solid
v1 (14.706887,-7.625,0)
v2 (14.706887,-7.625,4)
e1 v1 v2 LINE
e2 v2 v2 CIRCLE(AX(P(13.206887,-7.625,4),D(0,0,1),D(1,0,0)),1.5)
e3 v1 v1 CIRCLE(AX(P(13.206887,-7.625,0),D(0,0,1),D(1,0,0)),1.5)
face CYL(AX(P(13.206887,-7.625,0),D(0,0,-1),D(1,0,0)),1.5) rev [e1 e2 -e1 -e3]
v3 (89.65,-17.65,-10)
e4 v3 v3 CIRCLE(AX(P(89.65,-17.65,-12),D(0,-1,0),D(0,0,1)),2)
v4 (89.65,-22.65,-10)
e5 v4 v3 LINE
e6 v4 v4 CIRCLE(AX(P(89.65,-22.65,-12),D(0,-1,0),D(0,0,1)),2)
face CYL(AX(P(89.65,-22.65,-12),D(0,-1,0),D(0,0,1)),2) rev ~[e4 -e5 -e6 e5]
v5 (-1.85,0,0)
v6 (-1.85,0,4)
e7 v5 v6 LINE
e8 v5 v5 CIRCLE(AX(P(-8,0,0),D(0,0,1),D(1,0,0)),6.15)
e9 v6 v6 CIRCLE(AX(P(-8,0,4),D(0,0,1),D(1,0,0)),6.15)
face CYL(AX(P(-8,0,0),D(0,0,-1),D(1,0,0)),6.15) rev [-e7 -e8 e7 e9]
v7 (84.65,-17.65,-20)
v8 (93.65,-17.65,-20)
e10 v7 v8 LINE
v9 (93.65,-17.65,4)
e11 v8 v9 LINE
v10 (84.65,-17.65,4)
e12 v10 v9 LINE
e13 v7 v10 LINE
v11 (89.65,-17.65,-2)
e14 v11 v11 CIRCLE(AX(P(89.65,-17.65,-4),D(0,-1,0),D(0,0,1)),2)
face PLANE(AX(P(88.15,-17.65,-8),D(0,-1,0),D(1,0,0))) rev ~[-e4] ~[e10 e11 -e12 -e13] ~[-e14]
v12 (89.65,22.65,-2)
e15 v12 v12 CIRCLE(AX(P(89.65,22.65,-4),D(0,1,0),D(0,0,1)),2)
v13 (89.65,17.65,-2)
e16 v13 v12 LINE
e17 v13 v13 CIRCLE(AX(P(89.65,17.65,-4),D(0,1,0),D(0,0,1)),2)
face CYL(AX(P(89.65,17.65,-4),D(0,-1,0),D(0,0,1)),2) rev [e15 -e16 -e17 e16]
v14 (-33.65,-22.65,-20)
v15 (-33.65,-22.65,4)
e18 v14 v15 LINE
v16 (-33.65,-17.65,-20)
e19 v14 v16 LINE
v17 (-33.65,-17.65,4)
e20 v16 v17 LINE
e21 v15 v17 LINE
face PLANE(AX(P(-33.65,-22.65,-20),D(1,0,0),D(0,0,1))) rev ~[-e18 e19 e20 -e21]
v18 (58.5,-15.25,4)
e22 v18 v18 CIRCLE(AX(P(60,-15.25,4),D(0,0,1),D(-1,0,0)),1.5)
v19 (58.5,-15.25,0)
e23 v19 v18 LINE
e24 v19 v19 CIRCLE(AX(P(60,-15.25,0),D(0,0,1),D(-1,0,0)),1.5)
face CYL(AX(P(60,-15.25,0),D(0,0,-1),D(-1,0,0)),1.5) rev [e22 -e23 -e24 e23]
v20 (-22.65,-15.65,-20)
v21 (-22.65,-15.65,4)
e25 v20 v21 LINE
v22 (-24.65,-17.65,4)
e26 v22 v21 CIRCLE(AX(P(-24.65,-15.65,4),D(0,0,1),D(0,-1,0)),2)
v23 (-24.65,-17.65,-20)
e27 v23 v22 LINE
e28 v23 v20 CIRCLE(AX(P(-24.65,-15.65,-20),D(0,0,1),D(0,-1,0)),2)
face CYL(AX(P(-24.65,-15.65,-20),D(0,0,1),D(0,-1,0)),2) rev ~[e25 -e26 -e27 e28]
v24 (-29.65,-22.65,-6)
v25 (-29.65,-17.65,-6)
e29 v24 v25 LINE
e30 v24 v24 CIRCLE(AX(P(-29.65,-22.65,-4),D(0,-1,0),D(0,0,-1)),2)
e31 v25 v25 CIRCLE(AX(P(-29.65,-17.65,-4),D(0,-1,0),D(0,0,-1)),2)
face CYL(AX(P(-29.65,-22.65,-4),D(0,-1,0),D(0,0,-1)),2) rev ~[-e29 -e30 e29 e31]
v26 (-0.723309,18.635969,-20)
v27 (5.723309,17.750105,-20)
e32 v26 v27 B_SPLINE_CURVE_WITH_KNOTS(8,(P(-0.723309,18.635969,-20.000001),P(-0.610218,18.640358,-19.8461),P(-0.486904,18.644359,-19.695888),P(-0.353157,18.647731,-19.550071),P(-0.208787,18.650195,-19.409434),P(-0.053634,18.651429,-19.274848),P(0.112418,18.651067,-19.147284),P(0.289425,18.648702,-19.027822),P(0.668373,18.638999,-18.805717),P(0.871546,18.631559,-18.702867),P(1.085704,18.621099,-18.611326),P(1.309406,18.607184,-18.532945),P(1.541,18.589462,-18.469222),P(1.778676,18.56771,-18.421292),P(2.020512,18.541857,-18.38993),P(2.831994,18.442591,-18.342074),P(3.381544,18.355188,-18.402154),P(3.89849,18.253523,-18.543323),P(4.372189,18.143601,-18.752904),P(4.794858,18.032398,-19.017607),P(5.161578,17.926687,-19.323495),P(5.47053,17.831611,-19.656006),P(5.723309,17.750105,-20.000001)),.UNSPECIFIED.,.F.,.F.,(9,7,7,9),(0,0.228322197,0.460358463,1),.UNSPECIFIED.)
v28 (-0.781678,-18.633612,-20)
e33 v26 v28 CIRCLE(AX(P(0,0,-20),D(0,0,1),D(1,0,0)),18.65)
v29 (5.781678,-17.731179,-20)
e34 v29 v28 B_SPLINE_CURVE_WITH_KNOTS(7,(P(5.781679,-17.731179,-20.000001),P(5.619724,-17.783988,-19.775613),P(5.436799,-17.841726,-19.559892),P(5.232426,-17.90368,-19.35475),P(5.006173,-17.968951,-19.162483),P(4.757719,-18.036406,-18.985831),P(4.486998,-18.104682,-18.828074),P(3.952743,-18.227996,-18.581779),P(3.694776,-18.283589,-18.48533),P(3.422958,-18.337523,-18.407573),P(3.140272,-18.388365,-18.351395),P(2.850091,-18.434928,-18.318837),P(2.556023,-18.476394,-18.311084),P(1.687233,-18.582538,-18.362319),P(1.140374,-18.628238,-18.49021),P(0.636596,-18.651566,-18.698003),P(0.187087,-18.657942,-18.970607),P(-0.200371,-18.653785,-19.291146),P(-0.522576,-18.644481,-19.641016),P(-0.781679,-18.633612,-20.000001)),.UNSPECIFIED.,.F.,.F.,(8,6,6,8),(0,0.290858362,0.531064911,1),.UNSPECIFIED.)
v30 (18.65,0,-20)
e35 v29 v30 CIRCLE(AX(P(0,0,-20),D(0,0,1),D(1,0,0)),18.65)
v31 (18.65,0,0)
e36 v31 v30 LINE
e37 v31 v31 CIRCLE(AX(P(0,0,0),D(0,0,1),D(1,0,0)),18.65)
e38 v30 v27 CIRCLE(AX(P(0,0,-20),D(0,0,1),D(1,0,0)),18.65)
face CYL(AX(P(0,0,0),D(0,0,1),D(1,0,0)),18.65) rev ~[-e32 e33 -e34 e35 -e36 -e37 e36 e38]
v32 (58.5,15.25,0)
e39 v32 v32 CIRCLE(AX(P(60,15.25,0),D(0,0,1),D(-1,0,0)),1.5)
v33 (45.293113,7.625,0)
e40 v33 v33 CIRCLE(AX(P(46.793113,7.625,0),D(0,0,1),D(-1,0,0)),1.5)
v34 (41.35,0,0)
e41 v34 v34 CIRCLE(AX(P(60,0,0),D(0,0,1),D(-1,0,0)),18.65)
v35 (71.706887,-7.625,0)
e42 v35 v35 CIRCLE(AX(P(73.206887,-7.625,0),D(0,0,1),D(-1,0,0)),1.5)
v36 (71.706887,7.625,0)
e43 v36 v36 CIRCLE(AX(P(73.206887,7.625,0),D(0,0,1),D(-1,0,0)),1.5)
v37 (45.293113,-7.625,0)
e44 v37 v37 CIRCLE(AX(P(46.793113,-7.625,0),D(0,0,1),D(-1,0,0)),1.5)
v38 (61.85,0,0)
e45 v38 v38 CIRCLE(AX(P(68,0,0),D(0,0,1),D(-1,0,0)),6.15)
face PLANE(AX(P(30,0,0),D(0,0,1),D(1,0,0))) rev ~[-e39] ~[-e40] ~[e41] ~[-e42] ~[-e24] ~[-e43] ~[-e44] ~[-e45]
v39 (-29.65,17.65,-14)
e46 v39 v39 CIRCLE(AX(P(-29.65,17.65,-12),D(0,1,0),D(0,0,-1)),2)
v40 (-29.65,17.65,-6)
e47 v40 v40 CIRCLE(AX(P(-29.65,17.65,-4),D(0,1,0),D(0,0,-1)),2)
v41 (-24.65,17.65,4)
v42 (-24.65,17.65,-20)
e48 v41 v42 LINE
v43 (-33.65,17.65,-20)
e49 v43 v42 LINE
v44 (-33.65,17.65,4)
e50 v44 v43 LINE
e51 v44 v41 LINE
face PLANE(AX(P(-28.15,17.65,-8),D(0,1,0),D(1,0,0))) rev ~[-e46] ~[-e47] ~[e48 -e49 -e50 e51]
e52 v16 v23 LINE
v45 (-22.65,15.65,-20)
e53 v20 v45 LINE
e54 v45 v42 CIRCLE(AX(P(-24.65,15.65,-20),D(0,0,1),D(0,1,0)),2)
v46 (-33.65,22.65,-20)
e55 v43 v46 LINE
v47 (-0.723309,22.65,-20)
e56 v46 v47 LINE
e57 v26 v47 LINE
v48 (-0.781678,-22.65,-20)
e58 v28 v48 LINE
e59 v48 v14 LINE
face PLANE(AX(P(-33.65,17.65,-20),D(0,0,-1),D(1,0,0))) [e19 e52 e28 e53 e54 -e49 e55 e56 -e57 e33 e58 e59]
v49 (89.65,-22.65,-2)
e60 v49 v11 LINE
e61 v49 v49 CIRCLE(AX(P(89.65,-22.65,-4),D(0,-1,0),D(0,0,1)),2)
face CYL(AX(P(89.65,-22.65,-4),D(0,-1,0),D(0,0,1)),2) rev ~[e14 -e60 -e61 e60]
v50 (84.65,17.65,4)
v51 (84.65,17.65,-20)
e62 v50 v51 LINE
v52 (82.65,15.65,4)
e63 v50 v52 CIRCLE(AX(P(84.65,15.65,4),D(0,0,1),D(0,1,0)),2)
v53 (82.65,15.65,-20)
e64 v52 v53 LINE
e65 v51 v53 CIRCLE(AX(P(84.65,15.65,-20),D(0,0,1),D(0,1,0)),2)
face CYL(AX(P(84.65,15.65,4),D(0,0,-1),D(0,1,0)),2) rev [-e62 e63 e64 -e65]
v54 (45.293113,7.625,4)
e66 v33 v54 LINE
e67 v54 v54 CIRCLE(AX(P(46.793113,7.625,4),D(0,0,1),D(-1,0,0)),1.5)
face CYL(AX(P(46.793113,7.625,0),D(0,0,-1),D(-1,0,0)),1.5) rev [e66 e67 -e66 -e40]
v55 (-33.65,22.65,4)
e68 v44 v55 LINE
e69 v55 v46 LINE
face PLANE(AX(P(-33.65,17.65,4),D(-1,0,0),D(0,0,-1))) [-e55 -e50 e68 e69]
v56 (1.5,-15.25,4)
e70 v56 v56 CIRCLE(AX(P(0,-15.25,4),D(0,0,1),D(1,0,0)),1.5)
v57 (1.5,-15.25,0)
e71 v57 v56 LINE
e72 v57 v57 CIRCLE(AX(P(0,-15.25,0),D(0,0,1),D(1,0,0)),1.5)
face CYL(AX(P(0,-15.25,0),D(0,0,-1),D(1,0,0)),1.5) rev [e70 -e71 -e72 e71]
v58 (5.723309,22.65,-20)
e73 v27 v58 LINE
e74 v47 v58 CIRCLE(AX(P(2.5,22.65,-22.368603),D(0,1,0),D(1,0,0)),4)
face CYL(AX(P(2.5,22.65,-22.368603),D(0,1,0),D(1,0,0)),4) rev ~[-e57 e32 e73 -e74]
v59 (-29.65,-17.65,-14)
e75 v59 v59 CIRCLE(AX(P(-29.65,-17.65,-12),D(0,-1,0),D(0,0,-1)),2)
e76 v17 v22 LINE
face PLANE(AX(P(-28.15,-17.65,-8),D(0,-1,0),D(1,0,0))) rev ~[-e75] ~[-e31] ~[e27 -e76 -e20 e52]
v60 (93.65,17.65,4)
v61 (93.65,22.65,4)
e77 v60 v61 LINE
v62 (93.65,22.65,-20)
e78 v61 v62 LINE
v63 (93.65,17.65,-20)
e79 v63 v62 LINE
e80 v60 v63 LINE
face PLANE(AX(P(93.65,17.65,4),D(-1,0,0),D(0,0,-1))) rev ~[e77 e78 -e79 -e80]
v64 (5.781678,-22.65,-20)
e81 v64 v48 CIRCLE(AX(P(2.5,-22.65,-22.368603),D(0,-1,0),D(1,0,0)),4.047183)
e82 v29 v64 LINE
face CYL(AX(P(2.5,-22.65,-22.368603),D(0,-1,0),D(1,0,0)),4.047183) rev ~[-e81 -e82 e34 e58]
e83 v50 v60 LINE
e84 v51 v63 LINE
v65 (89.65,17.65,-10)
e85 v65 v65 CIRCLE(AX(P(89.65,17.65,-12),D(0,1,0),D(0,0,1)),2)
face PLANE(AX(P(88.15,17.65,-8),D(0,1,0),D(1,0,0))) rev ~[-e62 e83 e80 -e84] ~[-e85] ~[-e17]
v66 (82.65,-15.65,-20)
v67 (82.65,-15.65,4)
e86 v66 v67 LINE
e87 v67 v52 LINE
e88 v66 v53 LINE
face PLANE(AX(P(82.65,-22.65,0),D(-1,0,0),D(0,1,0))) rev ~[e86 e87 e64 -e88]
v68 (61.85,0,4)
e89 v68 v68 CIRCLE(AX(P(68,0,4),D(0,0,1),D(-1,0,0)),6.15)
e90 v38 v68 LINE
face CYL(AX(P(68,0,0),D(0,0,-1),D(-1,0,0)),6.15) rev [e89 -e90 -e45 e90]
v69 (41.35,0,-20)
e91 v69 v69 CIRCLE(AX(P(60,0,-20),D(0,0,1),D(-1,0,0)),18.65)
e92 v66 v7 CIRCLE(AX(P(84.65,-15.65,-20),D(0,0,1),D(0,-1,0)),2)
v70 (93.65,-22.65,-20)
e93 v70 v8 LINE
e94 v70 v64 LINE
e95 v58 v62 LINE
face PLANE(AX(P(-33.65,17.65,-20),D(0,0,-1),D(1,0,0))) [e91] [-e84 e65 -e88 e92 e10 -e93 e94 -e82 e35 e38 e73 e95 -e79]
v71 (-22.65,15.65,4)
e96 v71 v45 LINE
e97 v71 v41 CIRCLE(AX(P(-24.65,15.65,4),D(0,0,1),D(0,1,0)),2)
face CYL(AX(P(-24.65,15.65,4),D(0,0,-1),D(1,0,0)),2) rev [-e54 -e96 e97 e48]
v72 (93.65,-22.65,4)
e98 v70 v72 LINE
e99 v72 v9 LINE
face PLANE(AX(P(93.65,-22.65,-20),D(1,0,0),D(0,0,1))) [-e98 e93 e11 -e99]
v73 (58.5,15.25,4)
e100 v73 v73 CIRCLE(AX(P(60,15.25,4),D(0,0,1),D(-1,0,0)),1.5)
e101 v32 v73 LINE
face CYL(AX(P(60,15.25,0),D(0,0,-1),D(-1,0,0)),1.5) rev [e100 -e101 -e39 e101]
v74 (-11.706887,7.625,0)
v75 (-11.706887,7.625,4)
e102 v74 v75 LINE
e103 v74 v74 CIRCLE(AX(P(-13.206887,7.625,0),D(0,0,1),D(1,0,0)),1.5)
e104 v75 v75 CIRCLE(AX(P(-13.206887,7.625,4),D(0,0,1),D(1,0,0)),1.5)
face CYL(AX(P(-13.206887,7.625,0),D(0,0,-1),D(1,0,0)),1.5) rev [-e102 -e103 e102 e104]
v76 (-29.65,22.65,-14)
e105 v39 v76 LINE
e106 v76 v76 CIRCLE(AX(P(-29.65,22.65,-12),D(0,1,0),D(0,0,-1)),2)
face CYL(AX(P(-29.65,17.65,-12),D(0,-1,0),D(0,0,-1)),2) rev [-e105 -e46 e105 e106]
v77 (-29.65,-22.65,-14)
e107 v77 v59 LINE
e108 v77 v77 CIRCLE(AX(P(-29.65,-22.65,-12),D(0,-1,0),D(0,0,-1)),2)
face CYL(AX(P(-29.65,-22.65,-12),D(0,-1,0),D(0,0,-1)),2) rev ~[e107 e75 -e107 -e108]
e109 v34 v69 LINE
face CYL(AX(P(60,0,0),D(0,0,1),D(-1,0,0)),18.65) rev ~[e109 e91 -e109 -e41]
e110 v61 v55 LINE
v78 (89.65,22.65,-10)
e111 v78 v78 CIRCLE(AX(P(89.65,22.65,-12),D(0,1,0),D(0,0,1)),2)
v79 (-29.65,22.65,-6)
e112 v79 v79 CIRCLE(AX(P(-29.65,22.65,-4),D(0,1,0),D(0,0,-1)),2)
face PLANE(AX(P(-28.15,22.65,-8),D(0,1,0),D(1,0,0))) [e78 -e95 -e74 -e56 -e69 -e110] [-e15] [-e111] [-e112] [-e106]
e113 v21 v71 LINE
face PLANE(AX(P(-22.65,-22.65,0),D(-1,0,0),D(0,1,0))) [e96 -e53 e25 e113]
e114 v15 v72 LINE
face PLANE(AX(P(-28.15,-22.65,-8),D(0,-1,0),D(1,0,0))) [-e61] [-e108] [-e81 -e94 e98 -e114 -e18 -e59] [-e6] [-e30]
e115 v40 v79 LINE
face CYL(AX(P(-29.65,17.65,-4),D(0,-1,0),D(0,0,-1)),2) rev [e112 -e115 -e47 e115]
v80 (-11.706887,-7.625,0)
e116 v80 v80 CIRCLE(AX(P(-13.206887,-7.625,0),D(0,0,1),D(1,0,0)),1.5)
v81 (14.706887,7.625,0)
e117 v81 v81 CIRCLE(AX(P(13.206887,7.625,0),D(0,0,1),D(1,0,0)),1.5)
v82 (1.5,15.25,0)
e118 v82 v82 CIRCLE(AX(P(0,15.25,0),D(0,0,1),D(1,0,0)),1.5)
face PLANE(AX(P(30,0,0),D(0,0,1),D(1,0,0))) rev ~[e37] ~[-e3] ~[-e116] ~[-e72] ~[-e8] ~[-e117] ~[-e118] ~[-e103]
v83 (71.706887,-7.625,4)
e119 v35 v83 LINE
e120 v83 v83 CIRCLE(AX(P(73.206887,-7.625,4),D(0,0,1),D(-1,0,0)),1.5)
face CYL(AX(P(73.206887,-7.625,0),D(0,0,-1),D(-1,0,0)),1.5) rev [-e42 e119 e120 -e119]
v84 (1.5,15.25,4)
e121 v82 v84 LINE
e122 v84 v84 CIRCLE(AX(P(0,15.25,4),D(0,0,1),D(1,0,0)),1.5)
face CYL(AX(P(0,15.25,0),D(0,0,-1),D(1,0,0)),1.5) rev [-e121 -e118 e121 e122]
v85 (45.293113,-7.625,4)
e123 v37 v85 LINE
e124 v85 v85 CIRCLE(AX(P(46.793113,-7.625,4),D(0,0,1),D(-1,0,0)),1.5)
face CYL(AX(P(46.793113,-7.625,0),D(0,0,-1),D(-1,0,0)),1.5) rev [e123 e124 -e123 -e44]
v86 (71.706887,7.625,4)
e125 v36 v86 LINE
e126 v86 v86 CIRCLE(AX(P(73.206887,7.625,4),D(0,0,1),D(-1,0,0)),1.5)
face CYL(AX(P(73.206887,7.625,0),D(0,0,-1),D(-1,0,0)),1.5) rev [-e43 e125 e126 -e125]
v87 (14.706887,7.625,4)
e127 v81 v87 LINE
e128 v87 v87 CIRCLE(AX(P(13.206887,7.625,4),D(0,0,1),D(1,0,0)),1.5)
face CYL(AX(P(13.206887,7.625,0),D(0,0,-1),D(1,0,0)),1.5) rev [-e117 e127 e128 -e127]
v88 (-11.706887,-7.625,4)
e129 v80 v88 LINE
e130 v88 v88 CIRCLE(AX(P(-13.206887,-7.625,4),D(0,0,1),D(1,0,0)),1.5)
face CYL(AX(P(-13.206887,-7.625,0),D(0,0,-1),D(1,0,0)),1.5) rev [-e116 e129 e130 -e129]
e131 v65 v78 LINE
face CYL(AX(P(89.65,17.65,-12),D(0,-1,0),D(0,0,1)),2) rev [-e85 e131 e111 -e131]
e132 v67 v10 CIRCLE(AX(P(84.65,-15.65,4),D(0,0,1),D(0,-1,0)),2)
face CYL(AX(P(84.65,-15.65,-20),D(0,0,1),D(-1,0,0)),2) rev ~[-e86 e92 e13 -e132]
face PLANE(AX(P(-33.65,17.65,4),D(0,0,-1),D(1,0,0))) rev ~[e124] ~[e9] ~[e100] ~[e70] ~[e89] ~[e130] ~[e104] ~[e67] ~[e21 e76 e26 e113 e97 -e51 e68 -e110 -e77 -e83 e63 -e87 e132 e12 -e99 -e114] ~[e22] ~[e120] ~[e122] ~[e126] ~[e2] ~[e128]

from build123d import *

# Parameters (mm, degrees)
SKETCH1_W           = 105.3
SKETCH1_H           = 45.3
SKETCH1_R           = 18.65
BOSS_EXTRUDE1_DEPTH = 20
SKETCH2_W           = 105.3
SKETCH2_H           = 45.3
SKETCH2_R           = 6.15
SKETCH2_R_2         = 1.5
BOSS_EXTRUDE2_DEPTH = 4
SKETCH3_W           = 11
SKETCH3_H           = 24
SKETCH3_R           = 2
BOSS_EXTRUDE3_DEPTH = 5
FILLET1_R           = 2
BOSS_EXTRUDE4_START = -5
SKETCH4_W           = 11
SKETCH4_H           = 24
SKETCH4_R           = 2
BOSS_EXTRUDE4_DEPTH = 5
FILLET2_R           = 2
SKETCH6_R           = 4
CUT_EXTRUDE1_DEPTH  = 20
SKETCH7_R           = 4.047183171
CUT_EXTRUDE2_DEPTH  = 20
SKETCH8_R           = 4
CUT_EXTRUDE3_DEPTH  = 20


with BuildPart() as part:
    # Sketch1 → Boss-Extrude1 (new body)
    with BuildSketch(Plane.XY):
        with Locations((30, 0)):
            Rectangle(SKETCH1_W, SKETCH1_H)
        Circle(SKETCH1_R, mode=Mode.SUBTRACT)
        with Locations(Location((60, 0, 0), (0, 0, 180))):
            Circle(SKETCH1_R, mode=Mode.SUBTRACT)
    extrude(amount=-BOSS_EXTRUDE1_DEPTH)

    # Sketch2 → Boss-Extrude2 (add)
    with BuildSketch(Plane.XY):
        with Locations((30, 0)):
            Rectangle(SKETCH2_W, SKETCH2_H)
        with Locations((-8, 0)):
            Circle(SKETCH2_R, mode=Mode.SUBTRACT)
        with Locations((0, 15.25)):
            Circle(SKETCH2_R_2, mode=Mode.SUBTRACT)
        with Locations((13.206887408, 7.625)):
            Circle(SKETCH2_R_2, mode=Mode.SUBTRACT)
        with Locations((13.206887408, -7.625)):
            Circle(SKETCH2_R_2, mode=Mode.SUBTRACT)
        with Locations((0, -15.25)):
            Circle(SKETCH2_R_2, mode=Mode.SUBTRACT)
        with Locations((-13.206887408, -7.625)):
            Circle(SKETCH2_R_2, mode=Mode.SUBTRACT)
        with Locations((-13.206887408, 7.625)):
            Circle(SKETCH2_R_2, mode=Mode.SUBTRACT)
        with Locations(Location((73.206887408, -7.625, 0), (0, 0, 180))):
            Circle(SKETCH2_R_2, mode=Mode.SUBTRACT)
        with Locations(Location((60, -15.25, 0), (0, 0, 180))):
            Circle(SKETCH2_R_2, mode=Mode.SUBTRACT)
        with Locations(Location((46.793112592, -7.625, 0), (0, 0, 180))):
            Circle(SKETCH2_R_2, mode=Mode.SUBTRACT)
        with Locations(Location((46.793112592, 7.625, 0), (0, 0, 180))):
            Circle(SKETCH2_R_2, mode=Mode.SUBTRACT)
        with Locations(Location((60, 15.25, 0), (0, 0, 180))):
            Circle(SKETCH2_R_2, mode=Mode.SUBTRACT)
        with Locations(Location((73.206887408, 7.625, 0), (0, 0, 180))):
            Circle(SKETCH2_R_2, mode=Mode.SUBTRACT)
        with Locations(Location((68, 0, 0), (0, 0, 180))):
            Circle(SKETCH2_R, mode=Mode.SUBTRACT)
    extrude(amount=BOSS_EXTRUDE2_DEPTH)

    # Sketch3 → Boss-Extrude3 (add)
    # profile 1 of 2: a face of its own
    with BuildSketch(Plane.XZ.offset(22.65)):
        with Locations((-28.15, -8)):
            Rectangle(SKETCH3_W, SKETCH3_H)
        with Locations(Location((-29.65, -4, 0), (0, 0, 270))):
            Circle(SKETCH3_R, mode=Mode.SUBTRACT)
        with Locations(Location((-29.65, -12, 0), (0, 0, 270))):
            Circle(SKETCH3_R, mode=Mode.SUBTRACT)
    # profile 2 of 2: a face of its own
    with BuildSketch(Plane.XZ.offset(22.65)):
        with Locations((88.15, -8)):
            Rectangle(SKETCH3_W, SKETCH3_H)
        with Locations(Location((89.65, -4, 0), (0, 0, 90))):
            Circle(SKETCH3_R, mode=Mode.SUBTRACT)
        with Locations(Location((89.65, -12, 0), (0, 0, 90))):
            Circle(SKETCH3_R, mode=Mode.SUBTRACT)
    extrude(amount=-BOSS_EXTRUDE3_DEPTH)

    # Fillet1
    fillet1_edges = [part.edges().sort_by_distance(p)[0] for p in [
        (-22.65, -17.65, -8),
        (82.65, -17.65, -8),
    ]]
    fillet(fillet1_edges, radius=FILLET1_R)

    # Sketch4 → Boss-Extrude4 (add)
    # profile 1 of 2: a face of its own
    with BuildSketch(Plane(origin=(0, 22.65, 0), x_dir=(1, 0, 0), z_dir=(0, 1, 0)).offset(BOSS_EXTRUDE4_START)):
        with Locations((-28.15, 8)):
            Rectangle(SKETCH4_W, SKETCH4_H)
        with Locations(Location((-29.65, 12, 0), (0, 0, 90))):
            Circle(SKETCH4_R, mode=Mode.SUBTRACT)
        with Locations(Location((-29.65, 4, 0), (0, 0, 90))):
            Circle(SKETCH4_R, mode=Mode.SUBTRACT)
    # profile 2 of 2: a face of its own
    with BuildSketch(Plane(origin=(0, 22.65, 0), x_dir=(1, 0, 0), z_dir=(0, 1, 0)).offset(BOSS_EXTRUDE4_START)):
        with Locations((88.15, 8)):
            Rectangle(SKETCH4_W, SKETCH4_H)
        with Locations(Location((89.65, 12, 0), (0, 0, 270))):
            Circle(SKETCH4_R, mode=Mode.SUBTRACT)
        with Locations(Location((89.65, 4, 0), (0, 0, 270))):
            Circle(SKETCH4_R, mode=Mode.SUBTRACT)
    extrude(amount=BOSS_EXTRUDE4_DEPTH)

    # Fillet2
    fillet2_edges = [part.edges().sort_by_distance(p)[0] for p in [
        (-22.65, 17.65, -8),
        (82.65, 17.65, -8),
    ]]
    fillet(fillet2_edges, radius=FILLET2_R)

    # Sketch6 → Cut-Extrude1 (cut)
    with BuildSketch(Plane.XZ.offset(22.65)):
        with Locations((2.5, -22.368602792)):
            Circle(SKETCH6_R)
        with Locations((2.5, -117.631397208)):
            Circle(SKETCH6_R)
    extrude(amount=-CUT_EXTRUDE1_DEPTH, mode=Mode.SUBTRACT)

    # Sketch7 → Cut-Extrude2 (cut)
    with BuildSketch(Plane.XZ.offset(22.65)):
        with Locations((2.5, -22.368602792)):
            Circle(SKETCH7_R)
    extrude(amount=-CUT_EXTRUDE2_DEPTH, mode=Mode.SUBTRACT)

    # Sketch8 → Cut-Extrude3 (cut)
    with BuildSketch(Plane(origin=(0, 22.65, 0), x_dir=(1, 0, 0), z_dir=(0, 1, 0))):
        with Locations((2.5, 22.368602792)):
            Circle(SKETCH8_R)
    extrude(amount=-CUT_EXTRUDE3_DEPTH, mode=Mode.SUBTRACT)


solid = part.part
